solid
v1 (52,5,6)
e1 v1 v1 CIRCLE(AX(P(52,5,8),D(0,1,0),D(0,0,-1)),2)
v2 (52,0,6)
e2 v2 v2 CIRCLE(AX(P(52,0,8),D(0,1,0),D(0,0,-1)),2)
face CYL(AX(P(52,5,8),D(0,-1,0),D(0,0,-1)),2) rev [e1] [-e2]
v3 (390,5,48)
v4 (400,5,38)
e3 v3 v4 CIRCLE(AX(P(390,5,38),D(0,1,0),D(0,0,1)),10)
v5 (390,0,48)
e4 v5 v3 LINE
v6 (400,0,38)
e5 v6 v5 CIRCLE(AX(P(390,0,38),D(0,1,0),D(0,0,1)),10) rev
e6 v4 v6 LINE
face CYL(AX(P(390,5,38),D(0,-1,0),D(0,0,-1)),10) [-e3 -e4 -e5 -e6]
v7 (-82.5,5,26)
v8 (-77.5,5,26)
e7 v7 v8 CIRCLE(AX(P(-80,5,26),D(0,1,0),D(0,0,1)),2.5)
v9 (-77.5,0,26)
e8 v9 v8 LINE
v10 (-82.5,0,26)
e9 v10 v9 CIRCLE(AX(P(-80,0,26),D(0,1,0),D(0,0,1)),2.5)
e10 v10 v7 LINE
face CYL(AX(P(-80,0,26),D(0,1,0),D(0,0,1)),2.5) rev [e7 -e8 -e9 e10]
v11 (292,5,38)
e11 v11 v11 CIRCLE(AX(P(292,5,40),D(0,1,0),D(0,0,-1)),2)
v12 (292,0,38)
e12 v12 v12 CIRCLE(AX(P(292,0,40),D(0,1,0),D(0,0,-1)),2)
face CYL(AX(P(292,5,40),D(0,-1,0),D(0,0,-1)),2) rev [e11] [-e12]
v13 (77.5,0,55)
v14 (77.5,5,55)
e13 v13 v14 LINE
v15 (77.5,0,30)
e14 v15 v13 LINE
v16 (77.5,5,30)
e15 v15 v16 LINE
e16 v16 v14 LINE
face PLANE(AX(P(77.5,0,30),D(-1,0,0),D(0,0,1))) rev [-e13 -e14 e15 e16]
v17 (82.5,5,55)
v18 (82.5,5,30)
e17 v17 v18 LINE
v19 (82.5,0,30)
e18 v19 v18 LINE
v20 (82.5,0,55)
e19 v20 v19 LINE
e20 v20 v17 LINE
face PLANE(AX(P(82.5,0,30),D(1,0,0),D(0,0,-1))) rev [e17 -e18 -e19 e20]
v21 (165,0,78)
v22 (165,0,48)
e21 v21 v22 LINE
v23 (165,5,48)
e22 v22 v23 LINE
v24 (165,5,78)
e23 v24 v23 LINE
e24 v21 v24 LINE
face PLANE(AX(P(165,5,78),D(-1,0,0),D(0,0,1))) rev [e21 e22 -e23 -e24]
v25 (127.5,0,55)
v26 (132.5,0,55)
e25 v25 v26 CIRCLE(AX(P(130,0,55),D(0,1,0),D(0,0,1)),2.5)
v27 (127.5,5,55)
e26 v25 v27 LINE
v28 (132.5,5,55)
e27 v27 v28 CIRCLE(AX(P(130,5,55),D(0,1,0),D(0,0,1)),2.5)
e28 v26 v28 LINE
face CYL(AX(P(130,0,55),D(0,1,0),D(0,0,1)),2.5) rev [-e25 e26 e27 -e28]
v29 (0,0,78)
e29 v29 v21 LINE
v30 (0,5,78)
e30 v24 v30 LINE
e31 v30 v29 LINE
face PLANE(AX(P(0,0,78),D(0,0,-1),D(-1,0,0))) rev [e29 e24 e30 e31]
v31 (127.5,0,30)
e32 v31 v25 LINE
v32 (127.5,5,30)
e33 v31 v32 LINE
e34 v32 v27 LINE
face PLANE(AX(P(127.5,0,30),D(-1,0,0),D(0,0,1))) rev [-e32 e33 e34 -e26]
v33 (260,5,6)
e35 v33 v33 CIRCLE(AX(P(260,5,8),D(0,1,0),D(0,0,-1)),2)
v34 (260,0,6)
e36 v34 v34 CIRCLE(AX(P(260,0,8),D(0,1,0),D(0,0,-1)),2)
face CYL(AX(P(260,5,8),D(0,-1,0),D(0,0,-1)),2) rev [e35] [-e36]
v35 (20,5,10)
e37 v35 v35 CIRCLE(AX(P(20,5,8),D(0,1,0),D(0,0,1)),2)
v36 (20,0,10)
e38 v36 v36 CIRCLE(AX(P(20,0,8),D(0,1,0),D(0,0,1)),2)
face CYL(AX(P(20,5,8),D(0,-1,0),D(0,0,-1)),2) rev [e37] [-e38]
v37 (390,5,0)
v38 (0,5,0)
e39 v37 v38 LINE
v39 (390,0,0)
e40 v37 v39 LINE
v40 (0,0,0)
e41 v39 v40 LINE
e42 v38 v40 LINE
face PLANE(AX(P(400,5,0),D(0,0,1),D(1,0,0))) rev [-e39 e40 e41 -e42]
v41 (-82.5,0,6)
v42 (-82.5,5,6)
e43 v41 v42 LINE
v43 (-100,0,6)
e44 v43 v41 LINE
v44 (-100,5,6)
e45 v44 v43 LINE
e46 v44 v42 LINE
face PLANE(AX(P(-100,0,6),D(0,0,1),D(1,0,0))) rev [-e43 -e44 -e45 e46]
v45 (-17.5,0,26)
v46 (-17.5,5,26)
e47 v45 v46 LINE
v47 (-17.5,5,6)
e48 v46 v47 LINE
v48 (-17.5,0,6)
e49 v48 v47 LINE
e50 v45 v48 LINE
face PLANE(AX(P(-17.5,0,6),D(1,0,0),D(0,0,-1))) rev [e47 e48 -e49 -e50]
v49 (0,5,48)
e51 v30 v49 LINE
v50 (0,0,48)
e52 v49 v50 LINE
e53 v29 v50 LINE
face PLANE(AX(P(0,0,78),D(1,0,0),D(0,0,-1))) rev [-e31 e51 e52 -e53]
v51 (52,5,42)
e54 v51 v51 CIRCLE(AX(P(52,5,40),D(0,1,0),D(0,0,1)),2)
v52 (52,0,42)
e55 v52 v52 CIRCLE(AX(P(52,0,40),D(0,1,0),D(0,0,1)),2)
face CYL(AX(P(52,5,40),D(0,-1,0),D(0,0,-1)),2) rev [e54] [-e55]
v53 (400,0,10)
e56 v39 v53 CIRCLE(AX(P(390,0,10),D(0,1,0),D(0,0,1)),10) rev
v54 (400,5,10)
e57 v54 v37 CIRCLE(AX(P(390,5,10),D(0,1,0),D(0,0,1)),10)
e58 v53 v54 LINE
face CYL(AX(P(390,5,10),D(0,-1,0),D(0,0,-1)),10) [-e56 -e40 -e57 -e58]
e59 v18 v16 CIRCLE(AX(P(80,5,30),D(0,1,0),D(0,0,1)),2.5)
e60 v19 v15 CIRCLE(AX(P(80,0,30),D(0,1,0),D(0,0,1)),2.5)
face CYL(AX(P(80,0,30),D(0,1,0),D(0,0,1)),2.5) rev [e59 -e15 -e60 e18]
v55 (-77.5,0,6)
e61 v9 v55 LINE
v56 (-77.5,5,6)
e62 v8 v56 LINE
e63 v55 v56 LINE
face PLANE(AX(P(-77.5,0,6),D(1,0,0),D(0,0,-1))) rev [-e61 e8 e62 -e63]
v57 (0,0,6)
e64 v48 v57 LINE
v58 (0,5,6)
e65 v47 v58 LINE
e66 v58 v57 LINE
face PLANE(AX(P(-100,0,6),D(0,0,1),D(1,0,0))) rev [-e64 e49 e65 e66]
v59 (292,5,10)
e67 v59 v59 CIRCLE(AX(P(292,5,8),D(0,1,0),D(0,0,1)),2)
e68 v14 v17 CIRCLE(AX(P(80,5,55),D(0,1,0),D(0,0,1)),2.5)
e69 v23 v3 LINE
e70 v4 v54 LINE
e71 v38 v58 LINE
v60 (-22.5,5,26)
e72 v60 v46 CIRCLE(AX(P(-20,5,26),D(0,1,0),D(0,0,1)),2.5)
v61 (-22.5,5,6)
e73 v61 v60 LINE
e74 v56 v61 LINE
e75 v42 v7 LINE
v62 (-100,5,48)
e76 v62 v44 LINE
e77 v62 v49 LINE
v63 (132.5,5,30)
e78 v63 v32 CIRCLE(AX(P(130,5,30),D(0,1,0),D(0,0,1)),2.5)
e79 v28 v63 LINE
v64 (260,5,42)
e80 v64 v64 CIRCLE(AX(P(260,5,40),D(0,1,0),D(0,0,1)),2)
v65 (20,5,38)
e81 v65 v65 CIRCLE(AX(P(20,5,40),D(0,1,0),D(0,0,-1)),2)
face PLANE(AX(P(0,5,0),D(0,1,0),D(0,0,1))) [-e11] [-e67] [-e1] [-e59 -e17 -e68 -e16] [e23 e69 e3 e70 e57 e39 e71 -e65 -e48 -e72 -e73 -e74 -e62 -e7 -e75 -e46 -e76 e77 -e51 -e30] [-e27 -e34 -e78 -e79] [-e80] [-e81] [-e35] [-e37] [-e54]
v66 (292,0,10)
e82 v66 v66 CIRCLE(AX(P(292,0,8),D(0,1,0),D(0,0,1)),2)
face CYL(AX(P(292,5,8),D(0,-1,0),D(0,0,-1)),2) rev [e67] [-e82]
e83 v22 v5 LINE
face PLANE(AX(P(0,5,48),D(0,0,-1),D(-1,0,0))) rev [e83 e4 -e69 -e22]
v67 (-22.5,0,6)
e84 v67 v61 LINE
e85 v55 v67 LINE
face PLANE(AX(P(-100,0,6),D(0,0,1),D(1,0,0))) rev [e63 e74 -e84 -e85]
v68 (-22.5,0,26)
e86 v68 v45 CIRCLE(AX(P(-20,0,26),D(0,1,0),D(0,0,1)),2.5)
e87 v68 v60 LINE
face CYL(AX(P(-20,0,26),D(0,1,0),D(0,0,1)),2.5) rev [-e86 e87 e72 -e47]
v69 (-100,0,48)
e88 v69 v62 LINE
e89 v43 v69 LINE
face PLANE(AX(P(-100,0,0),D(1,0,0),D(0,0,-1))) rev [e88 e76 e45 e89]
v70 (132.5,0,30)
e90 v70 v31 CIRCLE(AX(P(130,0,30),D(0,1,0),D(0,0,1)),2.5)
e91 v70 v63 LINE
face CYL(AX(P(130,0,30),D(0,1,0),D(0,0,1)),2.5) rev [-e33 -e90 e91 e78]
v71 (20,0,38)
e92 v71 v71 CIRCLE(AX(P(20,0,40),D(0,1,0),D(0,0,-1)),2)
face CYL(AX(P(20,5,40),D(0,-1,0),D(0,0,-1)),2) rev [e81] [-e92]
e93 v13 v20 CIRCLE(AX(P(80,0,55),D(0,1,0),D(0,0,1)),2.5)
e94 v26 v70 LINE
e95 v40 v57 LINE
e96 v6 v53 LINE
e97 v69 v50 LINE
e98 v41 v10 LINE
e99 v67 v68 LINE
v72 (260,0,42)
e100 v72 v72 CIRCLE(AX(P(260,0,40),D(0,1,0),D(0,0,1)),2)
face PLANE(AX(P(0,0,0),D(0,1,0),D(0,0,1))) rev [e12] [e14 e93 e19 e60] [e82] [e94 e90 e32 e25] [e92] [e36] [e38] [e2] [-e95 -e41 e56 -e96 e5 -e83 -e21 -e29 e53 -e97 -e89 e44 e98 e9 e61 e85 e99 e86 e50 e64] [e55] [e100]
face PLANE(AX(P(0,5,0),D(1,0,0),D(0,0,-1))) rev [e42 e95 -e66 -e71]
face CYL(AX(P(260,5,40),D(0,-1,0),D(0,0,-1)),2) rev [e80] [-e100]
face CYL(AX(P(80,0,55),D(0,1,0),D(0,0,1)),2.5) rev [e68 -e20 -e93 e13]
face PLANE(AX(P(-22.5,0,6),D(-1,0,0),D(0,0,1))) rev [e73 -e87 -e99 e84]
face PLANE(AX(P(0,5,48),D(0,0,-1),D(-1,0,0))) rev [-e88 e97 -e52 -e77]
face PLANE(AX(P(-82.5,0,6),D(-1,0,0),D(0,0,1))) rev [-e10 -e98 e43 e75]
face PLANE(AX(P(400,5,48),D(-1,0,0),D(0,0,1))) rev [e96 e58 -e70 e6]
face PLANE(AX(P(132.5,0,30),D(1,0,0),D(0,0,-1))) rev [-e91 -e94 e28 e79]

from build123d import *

# Parameters (mm, degrees)
SKETCH1_W           = 400
SKETCH1_H           = 48
SKETCH1_R           = 2
BOSS_EXTRUDE1_DEPTH = 5
SKETCH3_W           = 42
SKETCH3_H           = 5
BOSS_EXTRUDE2_DEPTH = 100
SKETCH5_W           = 165
SKETCH5_H           = 5
BOSS_EXTRUDE3_DEPTH = 30
CUT_EXTRUDE1_DEPTH  = 408.564718787
FILLET1_R           = 10


with BuildPart() as part:
    # Sketch1 → Boss-Extrude1 (new body)
    with BuildSketch(Plane(origin=(0, 0, 0), x_dir=(1, 0, 0), z_dir=(0, 1, 0))):
        with Locations((200, -24)):
            Rectangle(SKETCH1_W, SKETCH1_H)
        with Locations(Location((20, -8, 0), (0, 0, 270))):
            Circle(SKETCH1_R, mode=Mode.SUBTRACT)
        with Locations(Location((20, -40, 0), (0, 0, 90))):
            Circle(SKETCH1_R, mode=Mode.SUBTRACT)
        with Locations(Location((292, -8, 0), (0, 0, 270))):
            Circle(SKETCH1_R, mode=Mode.SUBTRACT)
        with Locations(Location((292, -40, 0), (0, 0, 90))):
            Circle(SKETCH1_R, mode=Mode.SUBTRACT)
        with Locations(Location((52, -40, 0), (0, 0, 270))):
            Circle(SKETCH1_R, mode=Mode.SUBTRACT)
        with Locations(Location((52, -8, 0), (0, 0, 90))):
            Circle(SKETCH1_R, mode=Mode.SUBTRACT)
        with Locations(Location((260, -40, 0), (0, 0, 270))):
            Circle(SKETCH1_R, mode=Mode.SUBTRACT)
        with Locations(Location((260, -8, 0), (0, 0, 90))):
            Circle(SKETCH1_R, mode=Mode.SUBTRACT)
    extrude(amount=BOSS_EXTRUDE1_DEPTH)

    # Sketch3 → Boss-Extrude2 (add)
    with BuildSketch(Plane.ZY):
        with Locations((27, 2.5)):
            Rectangle(SKETCH3_W, SKETCH3_H)
    extrude(amount=BOSS_EXTRUDE2_DEPTH)

    # Sketch5 → Boss-Extrude3 (add)
    with BuildSketch(Plane.XY.offset(48)):
        with Locations((82.5, 2.5)):
            Rectangle(SKETCH5_W, SKETCH5_H)
    extrude(amount=BOSS_EXTRUDE3_DEPTH)

    # Sketch4 → Cut-Extrude1 (cut, through all)
    with BuildSketch(Plane(origin=(0, 5, 0), x_dir=(1, 0, 0), z_dir=(0, 1, 0))):
        with BuildLine():
            Line((-77.5, -6), (-77.5, -26))
            ThreePointArc((-77.5, -26), (-80, -28.5), (-82.5, -26))
            Line((-82.5, -26), (-82.5, -6))
            ThreePointArc((-82.5, -6), (-80, -3.5), (-77.5, -6))
        make_face()
        with BuildLine():
            Line((-17.5, -6), (-17.5, -26))
            ThreePointArc((-17.5, -26), (-20, -28.5), (-22.5, -26))
            Line((-22.5, -26), (-22.5, -6))
            ThreePointArc((-22.5, -6), (-20, -3.5), (-17.5, -6))
        make_face()
        with BuildLine():
            Line((82.5, -30), (82.5, -55))
            ThreePointArc((82.5, -55), (80, -57.5), (77.5, -55))
            Line((77.5, -55), (77.5, -30))
            ThreePointArc((77.5, -30), (80, -27.5), (82.5, -30))
        make_face()
        with BuildLine():
            Line((132.5, -30), (132.5, -55))
            ThreePointArc((132.5, -55), (130, -57.5), (127.5, -55))
            Line((127.5, -55), (127.5, -30))
            ThreePointArc((127.5, -30), (130, -27.5), (132.5, -30))
        make_face()
    extrude(amount=-CUT_EXTRUDE1_DEPTH, mode=Mode.SUBTRACT)

    # Fillet1
    fillet1_edges = [part.edges().sort_by_distance(p)[0] for p in [
        (400, 2.5, 0),
        (400, 2.5, 48),
    ]]
    fillet(fillet1_edges, radius=FILLET1_R)


solid = part.part
